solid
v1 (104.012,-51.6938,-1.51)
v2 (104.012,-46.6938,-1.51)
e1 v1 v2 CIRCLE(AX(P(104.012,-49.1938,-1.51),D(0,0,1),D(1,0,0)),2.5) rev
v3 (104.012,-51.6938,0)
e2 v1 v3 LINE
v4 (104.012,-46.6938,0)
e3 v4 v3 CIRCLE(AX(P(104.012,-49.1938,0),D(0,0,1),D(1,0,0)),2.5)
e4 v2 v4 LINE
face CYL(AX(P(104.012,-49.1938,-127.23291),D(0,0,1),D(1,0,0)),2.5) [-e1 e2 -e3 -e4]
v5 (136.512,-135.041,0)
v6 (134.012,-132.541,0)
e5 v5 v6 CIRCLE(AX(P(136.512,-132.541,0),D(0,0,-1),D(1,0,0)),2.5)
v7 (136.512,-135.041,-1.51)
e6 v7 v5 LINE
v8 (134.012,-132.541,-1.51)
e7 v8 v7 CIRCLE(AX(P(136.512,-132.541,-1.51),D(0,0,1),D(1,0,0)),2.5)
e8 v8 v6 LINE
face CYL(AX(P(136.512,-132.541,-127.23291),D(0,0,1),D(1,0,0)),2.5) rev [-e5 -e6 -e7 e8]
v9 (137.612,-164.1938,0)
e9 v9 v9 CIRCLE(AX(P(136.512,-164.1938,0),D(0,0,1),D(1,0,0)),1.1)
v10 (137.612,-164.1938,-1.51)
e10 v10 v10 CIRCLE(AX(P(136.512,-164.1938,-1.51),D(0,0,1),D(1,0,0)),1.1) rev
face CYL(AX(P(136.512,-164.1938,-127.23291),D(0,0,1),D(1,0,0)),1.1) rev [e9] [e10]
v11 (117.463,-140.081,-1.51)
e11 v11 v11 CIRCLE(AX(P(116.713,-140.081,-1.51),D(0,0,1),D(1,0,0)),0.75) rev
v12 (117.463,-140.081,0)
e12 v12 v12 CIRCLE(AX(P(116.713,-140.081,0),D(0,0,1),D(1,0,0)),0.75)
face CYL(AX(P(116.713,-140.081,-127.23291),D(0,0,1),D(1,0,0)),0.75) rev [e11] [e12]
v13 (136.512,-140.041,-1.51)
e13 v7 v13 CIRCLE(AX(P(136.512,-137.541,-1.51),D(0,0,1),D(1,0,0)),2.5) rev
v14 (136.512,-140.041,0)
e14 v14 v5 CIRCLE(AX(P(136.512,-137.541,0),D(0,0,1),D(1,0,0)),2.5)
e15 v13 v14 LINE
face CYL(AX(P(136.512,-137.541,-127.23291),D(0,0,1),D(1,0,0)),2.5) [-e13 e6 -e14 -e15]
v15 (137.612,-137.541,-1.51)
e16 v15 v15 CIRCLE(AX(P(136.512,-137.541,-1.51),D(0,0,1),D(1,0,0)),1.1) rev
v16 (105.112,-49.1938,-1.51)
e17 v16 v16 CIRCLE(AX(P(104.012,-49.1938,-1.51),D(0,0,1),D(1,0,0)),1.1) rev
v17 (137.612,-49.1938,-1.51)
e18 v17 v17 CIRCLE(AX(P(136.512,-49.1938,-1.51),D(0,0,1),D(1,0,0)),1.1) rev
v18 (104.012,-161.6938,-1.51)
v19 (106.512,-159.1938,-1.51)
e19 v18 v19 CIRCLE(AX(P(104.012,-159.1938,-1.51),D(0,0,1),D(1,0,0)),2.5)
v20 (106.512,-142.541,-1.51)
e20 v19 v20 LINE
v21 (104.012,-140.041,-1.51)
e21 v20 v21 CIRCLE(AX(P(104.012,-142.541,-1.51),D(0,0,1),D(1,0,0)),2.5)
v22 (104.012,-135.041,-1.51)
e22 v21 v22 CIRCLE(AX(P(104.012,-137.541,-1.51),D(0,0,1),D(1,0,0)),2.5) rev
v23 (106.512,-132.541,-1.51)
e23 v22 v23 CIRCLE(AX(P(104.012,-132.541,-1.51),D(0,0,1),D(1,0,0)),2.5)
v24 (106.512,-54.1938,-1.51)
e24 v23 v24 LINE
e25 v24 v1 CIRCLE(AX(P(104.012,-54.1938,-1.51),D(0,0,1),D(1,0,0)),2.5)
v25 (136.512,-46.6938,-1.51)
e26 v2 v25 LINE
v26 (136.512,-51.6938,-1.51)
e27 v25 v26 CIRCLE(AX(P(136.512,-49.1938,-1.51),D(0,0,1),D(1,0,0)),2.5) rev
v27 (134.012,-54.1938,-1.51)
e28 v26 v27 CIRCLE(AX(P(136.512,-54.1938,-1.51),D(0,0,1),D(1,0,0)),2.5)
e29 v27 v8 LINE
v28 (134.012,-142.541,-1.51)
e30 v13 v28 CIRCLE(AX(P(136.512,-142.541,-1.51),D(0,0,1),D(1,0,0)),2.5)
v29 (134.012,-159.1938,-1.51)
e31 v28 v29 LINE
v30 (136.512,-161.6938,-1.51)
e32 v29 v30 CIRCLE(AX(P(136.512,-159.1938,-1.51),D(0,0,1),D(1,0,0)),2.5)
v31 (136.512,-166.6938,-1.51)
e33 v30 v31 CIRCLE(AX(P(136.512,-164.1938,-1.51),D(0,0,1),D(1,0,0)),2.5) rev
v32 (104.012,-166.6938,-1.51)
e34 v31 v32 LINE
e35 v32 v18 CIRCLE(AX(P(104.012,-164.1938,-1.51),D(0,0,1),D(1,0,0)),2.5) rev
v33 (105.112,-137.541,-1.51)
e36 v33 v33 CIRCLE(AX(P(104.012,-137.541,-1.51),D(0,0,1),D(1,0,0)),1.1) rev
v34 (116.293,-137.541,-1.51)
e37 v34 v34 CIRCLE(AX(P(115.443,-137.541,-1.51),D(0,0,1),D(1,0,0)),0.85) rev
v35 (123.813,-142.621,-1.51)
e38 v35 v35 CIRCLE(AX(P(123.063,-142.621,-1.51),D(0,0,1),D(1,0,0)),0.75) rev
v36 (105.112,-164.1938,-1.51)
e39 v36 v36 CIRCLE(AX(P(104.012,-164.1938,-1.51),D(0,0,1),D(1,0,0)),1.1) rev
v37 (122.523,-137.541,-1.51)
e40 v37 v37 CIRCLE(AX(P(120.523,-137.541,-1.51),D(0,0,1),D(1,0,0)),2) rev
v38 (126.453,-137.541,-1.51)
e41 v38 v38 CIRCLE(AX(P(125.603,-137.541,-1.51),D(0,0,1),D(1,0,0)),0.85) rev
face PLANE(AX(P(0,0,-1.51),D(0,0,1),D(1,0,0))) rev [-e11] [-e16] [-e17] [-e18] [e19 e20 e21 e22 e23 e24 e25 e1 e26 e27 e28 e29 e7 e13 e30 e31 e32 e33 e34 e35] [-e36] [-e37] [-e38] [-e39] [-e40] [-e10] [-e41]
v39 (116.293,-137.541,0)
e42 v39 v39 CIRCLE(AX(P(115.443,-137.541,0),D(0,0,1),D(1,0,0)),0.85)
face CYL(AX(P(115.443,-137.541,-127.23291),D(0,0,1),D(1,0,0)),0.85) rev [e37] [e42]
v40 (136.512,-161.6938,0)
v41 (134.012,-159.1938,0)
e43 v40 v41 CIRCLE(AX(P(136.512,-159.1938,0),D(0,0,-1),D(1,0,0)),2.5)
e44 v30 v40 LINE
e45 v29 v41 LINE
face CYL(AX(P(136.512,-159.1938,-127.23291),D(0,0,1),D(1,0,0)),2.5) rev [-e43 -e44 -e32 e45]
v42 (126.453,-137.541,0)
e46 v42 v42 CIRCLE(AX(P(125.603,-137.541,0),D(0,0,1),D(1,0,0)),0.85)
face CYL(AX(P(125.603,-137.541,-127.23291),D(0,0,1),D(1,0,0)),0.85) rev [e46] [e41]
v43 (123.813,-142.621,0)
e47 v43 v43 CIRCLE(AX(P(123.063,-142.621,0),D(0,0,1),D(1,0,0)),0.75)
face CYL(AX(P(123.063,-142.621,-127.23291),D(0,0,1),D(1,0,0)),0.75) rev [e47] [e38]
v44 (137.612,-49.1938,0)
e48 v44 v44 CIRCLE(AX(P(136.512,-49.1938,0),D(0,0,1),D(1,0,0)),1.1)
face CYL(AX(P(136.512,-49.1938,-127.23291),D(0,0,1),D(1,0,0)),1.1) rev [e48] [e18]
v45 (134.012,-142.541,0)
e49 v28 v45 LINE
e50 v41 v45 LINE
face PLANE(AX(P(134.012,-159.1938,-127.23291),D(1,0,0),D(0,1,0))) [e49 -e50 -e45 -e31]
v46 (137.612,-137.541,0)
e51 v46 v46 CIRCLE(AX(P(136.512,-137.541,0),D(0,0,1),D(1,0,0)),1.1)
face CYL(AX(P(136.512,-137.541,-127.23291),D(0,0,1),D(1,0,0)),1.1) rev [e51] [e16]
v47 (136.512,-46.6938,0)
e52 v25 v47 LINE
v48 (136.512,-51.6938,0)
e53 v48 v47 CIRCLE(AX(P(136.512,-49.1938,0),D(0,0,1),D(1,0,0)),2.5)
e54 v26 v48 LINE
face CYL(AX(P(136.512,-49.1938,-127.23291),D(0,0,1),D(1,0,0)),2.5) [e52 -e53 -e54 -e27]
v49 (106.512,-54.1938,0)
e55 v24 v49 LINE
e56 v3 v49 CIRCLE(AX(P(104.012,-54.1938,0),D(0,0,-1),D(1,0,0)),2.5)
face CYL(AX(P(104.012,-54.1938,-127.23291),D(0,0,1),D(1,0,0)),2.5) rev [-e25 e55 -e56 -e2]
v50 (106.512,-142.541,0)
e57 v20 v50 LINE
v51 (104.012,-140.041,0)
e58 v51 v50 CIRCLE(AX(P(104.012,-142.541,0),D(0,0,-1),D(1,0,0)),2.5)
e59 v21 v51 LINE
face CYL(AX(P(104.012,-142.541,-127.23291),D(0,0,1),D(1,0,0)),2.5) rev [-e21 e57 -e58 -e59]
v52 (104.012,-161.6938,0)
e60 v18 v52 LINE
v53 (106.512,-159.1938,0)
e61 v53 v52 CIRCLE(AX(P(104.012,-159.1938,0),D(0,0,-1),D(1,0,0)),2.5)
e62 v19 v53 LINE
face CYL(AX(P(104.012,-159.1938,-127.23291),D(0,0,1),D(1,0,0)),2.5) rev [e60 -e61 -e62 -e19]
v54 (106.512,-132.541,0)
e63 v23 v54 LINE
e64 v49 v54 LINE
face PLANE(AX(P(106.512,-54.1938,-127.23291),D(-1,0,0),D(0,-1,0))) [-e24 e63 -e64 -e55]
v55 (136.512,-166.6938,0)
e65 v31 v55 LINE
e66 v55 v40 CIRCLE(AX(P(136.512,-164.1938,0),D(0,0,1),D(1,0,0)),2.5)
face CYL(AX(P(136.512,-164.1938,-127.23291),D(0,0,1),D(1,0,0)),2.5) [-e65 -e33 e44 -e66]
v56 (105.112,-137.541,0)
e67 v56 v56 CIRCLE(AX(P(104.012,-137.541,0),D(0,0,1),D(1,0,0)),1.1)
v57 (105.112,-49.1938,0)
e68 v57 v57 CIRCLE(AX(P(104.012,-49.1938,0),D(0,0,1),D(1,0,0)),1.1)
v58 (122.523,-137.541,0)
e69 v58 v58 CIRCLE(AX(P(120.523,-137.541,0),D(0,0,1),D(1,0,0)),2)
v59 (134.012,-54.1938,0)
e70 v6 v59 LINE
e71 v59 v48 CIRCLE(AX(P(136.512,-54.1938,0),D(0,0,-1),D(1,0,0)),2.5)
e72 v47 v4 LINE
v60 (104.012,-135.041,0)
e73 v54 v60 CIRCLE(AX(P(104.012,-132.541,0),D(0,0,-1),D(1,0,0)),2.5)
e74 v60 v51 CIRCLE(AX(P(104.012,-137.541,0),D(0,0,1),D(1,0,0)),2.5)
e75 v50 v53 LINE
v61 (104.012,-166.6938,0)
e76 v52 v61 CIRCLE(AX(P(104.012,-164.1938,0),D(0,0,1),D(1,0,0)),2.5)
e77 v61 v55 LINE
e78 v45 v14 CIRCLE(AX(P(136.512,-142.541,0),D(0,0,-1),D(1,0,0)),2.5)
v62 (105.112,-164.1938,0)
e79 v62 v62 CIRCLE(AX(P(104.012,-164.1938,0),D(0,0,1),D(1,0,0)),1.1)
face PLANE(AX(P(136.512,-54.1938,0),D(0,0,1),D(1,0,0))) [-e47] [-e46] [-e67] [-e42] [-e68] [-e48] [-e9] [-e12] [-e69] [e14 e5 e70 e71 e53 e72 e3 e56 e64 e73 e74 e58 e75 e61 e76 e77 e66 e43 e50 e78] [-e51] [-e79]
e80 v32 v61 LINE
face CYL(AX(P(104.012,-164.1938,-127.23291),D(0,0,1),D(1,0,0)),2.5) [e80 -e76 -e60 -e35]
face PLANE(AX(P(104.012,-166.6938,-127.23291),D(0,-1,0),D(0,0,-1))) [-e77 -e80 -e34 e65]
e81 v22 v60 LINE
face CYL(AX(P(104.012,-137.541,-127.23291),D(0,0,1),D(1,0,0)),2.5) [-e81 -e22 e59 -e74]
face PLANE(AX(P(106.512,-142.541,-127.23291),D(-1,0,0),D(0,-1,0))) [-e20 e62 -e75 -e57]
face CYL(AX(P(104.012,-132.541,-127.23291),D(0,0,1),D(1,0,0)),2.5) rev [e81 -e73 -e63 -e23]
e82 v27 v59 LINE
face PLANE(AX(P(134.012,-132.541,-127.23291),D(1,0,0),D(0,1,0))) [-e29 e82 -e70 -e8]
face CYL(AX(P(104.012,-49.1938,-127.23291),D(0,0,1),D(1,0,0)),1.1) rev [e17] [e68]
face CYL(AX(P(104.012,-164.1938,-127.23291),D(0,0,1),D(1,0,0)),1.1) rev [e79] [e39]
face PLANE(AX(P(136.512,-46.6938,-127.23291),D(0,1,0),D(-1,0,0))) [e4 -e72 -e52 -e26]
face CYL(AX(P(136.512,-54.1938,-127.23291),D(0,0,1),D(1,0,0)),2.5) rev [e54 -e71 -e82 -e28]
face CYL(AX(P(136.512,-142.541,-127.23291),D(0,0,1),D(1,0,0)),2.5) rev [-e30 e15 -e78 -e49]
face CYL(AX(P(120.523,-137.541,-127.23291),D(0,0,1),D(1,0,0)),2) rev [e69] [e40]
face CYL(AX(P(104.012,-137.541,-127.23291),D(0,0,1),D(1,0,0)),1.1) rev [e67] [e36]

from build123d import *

# Parameters (mm, degrees)
SKETCH1_R           = 0.85
SKETCH1_R_2         = 2
SKETCH1_R_3         = 0.75
SKETCH1_R_4         = 1.1
BOSS_EXTRUDE1_DEPTH = 1.51


with BuildPart() as part:
    # Sketch1 → Boss-Extrude1 (new body)
    with BuildSketch(Plane.XY):
        with BuildLine():
            Line((136.512, -46.6938), (104.012, -46.6938))
            ThreePointArc((104.012, -46.6938), (101.512, -49.1938), (104.012, -51.6938))
            ThreePointArc((104.012, -51.6938), (105.779767, -52.426033), (106.512, -54.1938))
            Line((106.512, -54.1938), (106.512, -132.541))
            ThreePointArc((106.512, -132.541), (105.779767, -134.308767), (104.012, -135.041))
            ThreePointArc((104.012, -135.041), (101.512, -137.541), (104.012, -140.041))
            ThreePointArc((104.012, -140.041), (105.779767, -140.773233), (106.512, -142.541))
            Line((106.512, -142.541), (106.512, -159.1938))
            ThreePointArc((106.512, -159.1938), (105.779767, -160.961567), (104.012, -161.6938))
            ThreePointArc((104.012, -161.6938), (101.512, -164.1938), (104.012, -166.6938))
            Line((104.012, -166.6938), (136.512, -166.6938))
            ThreePointArc((136.512, -166.6938), (139.012, -164.1938), (136.512, -161.6938))
            ThreePointArc((136.512, -161.6938), (134.744233, -160.961567), (134.012, -159.1938))
            Line((134.012, -159.1938), (134.012, -142.541))
            ThreePointArc((134.012, -142.541), (134.744233, -140.773233), (136.512, -140.041))
            ThreePointArc((136.512, -140.041), (139.012, -137.541), (136.512, -135.041))
            ThreePointArc((136.512, -135.041), (134.744233, -134.308767), (134.012, -132.541))
            Line((134.012, -132.541), (134.012, -54.1938))
            ThreePointArc((134.012, -54.1938), (134.744233, -52.426033), (136.512, -51.6938))
            ThreePointArc((136.512, -51.6938), (139.012, -49.1938), (136.512, -46.6938))
        make_face()
        with Locations((125.603, -137.541)):
            Circle(SKETCH1_R, mode=Mode.SUBTRACT)
        with Locations((120.523, -137.541)):
            Circle(SKETCH1_R_2, mode=Mode.SUBTRACT)
        with Locations((115.443, -137.541)):
            Circle(SKETCH1_R, mode=Mode.SUBTRACT)
        with Locations((116.713, -140.081)):
            Circle(SKETCH1_R_3, mode=Mode.SUBTRACT)
        with Locations((123.063, -142.621)):
            Circle(SKETCH1_R_3, mode=Mode.SUBTRACT)
        with Locations((104.012, -137.541)):
            Circle(SKETCH1_R_4, mode=Mode.SUBTRACT)
        with Locations((104.012, -164.1938)):
            Circle(SKETCH1_R_4, mode=Mode.SUBTRACT)
        with Locations((136.512, -164.1938)):
            Circle(SKETCH1_R_4, mode=Mode.SUBTRACT)
        with Locations((136.512, -137.541)):
            Circle(SKETCH1_R_4, mode=Mode.SUBTRACT)
        with Locations((136.512, -49.1938)):
            Circle(SKETCH1_R_4, mode=Mode.SUBTRACT)
        with Locations((104.012, -49.1938)):
            Circle(SKETCH1_R_4, mode=Mode.SUBTRACT)
    extrude(amount=-BOSS_EXTRUDE1_DEPTH)


solid = part.part
